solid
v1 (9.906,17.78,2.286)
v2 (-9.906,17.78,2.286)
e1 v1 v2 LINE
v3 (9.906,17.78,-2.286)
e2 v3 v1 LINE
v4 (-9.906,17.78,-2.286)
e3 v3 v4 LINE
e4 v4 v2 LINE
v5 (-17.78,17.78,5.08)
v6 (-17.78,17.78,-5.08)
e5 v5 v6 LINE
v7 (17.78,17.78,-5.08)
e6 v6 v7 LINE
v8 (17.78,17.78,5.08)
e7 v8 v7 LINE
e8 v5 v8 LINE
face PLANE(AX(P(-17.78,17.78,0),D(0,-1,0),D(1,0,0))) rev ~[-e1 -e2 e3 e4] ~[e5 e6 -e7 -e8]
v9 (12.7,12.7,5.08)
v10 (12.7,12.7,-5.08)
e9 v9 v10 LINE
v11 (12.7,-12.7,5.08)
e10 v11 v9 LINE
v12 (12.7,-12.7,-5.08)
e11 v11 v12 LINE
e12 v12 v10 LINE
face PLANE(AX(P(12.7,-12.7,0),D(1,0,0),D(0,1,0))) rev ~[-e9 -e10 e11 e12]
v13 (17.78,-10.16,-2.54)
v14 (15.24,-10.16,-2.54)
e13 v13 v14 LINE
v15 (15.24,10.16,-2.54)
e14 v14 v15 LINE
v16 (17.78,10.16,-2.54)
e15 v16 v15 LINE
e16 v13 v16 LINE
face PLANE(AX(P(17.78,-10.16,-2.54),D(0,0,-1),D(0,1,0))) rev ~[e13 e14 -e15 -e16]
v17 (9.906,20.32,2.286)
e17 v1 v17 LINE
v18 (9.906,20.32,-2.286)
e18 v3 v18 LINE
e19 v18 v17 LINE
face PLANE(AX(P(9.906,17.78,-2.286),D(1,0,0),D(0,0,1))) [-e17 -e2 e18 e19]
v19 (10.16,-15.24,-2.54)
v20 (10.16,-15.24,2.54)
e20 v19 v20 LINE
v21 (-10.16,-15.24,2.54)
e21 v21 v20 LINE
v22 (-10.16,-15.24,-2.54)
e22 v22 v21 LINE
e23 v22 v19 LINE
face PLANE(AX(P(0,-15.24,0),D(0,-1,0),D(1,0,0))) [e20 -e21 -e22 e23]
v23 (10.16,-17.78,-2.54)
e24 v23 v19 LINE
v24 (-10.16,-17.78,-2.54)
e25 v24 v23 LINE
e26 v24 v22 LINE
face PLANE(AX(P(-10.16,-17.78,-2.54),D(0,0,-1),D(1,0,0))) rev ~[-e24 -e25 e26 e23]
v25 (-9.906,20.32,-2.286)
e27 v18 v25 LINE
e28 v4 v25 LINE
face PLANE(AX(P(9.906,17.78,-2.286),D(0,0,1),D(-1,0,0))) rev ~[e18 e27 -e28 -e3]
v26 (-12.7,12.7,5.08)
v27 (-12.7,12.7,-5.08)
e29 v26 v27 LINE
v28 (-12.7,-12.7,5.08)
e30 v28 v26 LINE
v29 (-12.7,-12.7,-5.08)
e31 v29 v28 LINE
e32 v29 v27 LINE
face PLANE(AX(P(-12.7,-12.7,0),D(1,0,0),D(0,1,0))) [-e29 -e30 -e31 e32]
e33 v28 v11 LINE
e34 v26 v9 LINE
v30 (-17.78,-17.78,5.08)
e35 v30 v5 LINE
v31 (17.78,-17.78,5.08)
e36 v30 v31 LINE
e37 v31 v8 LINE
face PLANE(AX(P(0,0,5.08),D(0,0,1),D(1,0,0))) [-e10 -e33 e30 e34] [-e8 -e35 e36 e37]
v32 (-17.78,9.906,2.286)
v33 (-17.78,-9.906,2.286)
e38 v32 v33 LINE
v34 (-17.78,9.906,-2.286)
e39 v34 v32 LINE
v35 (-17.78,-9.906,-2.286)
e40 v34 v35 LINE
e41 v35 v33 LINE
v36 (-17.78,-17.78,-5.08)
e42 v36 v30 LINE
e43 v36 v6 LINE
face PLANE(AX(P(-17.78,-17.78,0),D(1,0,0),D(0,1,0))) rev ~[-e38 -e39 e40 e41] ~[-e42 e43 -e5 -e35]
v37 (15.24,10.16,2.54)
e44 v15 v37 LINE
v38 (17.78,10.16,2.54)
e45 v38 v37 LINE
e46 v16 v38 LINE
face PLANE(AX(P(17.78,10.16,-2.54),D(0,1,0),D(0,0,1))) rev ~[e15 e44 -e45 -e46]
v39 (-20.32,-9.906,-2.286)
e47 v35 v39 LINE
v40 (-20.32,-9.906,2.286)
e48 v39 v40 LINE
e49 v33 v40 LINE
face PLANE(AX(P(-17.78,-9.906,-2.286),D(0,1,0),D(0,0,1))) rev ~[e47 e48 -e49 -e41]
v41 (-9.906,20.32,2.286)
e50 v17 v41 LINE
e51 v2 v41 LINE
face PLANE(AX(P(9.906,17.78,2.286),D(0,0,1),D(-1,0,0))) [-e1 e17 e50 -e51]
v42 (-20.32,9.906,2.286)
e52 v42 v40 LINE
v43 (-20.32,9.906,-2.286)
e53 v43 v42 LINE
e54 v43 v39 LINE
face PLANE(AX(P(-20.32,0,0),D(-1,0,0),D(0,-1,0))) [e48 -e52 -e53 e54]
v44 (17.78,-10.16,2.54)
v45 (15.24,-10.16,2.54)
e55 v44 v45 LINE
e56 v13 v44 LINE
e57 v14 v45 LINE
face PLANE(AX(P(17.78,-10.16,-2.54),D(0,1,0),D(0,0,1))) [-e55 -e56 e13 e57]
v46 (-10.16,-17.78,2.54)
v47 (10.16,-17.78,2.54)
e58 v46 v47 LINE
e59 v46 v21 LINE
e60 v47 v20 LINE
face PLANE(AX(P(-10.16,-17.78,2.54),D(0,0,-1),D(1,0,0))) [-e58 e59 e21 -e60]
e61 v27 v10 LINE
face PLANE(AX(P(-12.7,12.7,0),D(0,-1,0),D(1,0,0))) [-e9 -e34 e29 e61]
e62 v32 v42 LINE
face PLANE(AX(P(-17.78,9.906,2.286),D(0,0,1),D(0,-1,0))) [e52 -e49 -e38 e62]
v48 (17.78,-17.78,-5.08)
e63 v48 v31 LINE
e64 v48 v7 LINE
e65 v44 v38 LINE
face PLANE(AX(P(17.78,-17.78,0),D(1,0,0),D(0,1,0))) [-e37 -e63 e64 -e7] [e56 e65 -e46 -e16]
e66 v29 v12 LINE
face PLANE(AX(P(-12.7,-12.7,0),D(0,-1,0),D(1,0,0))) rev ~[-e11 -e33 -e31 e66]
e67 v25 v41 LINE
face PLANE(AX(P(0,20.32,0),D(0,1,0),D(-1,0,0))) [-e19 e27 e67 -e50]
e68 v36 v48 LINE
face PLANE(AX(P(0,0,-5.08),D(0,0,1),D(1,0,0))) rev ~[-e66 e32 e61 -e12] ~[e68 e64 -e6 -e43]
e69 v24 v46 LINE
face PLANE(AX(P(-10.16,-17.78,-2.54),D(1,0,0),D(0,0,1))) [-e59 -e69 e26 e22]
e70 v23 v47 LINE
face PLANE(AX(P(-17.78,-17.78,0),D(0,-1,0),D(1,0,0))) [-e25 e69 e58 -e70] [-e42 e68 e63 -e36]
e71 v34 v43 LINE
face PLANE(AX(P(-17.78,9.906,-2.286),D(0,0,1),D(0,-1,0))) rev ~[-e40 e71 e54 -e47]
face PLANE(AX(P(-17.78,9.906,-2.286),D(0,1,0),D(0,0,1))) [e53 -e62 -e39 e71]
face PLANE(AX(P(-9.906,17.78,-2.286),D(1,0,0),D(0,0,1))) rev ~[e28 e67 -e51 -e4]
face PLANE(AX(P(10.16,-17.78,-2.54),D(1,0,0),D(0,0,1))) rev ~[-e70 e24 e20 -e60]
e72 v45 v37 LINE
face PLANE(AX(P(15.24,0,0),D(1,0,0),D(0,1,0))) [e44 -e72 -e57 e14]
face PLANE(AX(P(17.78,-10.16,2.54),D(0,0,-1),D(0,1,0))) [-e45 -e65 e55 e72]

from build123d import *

# Parameters (mm, degrees)
F0_W     = 35.56
F0_H     = 35.56
F0_W_2   = 25.4
F0_H_2   = 25.4
F1_DEPTH = 5.08
F2_W     = 19.812
F2_H     = 4.572
F3_DEPTH = 2.54
F4_W     = 19.812
F4_H     = 4.572
F5_DEPTH = 2.54
F6_W     = 20.32
F6_H     = 5.08
F7_DEPTH = 2.54
F8_W     = 20.32
F8_H     = 5.08
F9_DEPTH = 2.54


with BuildPart() as f1:
    # F0 (on Top) → F1 (new body, symmetric)
    with BuildSketch(Plane.XY):
        Rectangle(F0_W, F0_H)
        Rectangle(F0_W_2, F0_H_2, mode=Mode.SUBTRACT)
    extrude(amount=F1_DEPTH, both=True)

    # F2 (on face) → F3 (join)
    with BuildSketch(Plane(origin=(-17.78, 0, 0), x_dir=(0, -1, 0), z_dir=(-1, 0, 0))):
        Rectangle(F2_W, F2_H)
    extrude(amount=F3_DEPTH)

    # F4 (on face) → F5 (join)
    with BuildSketch(Plane(origin=(0, 17.78, 0), x_dir=(-1, 0, 0), z_dir=(0, 1, 0))):
        Rectangle(F4_W, F4_H)
    extrude(amount=F5_DEPTH)

    # F6 (on face) → F7 (cut)
    with BuildSketch(Plane.YZ.offset(17.78)):
        Rectangle(F6_W, F6_H)
    extrude(amount=-F7_DEPTH, mode=Mode.SUBTRACT)

    # F8 (on face) → F9 (cut)
    with BuildSketch(Plane.XZ.offset(17.78)):
        Rectangle(F8_W, F8_H)
    extrude(amount=-F9_DEPTH, mode=Mode.SUBTRACT)


solid = f1.part
